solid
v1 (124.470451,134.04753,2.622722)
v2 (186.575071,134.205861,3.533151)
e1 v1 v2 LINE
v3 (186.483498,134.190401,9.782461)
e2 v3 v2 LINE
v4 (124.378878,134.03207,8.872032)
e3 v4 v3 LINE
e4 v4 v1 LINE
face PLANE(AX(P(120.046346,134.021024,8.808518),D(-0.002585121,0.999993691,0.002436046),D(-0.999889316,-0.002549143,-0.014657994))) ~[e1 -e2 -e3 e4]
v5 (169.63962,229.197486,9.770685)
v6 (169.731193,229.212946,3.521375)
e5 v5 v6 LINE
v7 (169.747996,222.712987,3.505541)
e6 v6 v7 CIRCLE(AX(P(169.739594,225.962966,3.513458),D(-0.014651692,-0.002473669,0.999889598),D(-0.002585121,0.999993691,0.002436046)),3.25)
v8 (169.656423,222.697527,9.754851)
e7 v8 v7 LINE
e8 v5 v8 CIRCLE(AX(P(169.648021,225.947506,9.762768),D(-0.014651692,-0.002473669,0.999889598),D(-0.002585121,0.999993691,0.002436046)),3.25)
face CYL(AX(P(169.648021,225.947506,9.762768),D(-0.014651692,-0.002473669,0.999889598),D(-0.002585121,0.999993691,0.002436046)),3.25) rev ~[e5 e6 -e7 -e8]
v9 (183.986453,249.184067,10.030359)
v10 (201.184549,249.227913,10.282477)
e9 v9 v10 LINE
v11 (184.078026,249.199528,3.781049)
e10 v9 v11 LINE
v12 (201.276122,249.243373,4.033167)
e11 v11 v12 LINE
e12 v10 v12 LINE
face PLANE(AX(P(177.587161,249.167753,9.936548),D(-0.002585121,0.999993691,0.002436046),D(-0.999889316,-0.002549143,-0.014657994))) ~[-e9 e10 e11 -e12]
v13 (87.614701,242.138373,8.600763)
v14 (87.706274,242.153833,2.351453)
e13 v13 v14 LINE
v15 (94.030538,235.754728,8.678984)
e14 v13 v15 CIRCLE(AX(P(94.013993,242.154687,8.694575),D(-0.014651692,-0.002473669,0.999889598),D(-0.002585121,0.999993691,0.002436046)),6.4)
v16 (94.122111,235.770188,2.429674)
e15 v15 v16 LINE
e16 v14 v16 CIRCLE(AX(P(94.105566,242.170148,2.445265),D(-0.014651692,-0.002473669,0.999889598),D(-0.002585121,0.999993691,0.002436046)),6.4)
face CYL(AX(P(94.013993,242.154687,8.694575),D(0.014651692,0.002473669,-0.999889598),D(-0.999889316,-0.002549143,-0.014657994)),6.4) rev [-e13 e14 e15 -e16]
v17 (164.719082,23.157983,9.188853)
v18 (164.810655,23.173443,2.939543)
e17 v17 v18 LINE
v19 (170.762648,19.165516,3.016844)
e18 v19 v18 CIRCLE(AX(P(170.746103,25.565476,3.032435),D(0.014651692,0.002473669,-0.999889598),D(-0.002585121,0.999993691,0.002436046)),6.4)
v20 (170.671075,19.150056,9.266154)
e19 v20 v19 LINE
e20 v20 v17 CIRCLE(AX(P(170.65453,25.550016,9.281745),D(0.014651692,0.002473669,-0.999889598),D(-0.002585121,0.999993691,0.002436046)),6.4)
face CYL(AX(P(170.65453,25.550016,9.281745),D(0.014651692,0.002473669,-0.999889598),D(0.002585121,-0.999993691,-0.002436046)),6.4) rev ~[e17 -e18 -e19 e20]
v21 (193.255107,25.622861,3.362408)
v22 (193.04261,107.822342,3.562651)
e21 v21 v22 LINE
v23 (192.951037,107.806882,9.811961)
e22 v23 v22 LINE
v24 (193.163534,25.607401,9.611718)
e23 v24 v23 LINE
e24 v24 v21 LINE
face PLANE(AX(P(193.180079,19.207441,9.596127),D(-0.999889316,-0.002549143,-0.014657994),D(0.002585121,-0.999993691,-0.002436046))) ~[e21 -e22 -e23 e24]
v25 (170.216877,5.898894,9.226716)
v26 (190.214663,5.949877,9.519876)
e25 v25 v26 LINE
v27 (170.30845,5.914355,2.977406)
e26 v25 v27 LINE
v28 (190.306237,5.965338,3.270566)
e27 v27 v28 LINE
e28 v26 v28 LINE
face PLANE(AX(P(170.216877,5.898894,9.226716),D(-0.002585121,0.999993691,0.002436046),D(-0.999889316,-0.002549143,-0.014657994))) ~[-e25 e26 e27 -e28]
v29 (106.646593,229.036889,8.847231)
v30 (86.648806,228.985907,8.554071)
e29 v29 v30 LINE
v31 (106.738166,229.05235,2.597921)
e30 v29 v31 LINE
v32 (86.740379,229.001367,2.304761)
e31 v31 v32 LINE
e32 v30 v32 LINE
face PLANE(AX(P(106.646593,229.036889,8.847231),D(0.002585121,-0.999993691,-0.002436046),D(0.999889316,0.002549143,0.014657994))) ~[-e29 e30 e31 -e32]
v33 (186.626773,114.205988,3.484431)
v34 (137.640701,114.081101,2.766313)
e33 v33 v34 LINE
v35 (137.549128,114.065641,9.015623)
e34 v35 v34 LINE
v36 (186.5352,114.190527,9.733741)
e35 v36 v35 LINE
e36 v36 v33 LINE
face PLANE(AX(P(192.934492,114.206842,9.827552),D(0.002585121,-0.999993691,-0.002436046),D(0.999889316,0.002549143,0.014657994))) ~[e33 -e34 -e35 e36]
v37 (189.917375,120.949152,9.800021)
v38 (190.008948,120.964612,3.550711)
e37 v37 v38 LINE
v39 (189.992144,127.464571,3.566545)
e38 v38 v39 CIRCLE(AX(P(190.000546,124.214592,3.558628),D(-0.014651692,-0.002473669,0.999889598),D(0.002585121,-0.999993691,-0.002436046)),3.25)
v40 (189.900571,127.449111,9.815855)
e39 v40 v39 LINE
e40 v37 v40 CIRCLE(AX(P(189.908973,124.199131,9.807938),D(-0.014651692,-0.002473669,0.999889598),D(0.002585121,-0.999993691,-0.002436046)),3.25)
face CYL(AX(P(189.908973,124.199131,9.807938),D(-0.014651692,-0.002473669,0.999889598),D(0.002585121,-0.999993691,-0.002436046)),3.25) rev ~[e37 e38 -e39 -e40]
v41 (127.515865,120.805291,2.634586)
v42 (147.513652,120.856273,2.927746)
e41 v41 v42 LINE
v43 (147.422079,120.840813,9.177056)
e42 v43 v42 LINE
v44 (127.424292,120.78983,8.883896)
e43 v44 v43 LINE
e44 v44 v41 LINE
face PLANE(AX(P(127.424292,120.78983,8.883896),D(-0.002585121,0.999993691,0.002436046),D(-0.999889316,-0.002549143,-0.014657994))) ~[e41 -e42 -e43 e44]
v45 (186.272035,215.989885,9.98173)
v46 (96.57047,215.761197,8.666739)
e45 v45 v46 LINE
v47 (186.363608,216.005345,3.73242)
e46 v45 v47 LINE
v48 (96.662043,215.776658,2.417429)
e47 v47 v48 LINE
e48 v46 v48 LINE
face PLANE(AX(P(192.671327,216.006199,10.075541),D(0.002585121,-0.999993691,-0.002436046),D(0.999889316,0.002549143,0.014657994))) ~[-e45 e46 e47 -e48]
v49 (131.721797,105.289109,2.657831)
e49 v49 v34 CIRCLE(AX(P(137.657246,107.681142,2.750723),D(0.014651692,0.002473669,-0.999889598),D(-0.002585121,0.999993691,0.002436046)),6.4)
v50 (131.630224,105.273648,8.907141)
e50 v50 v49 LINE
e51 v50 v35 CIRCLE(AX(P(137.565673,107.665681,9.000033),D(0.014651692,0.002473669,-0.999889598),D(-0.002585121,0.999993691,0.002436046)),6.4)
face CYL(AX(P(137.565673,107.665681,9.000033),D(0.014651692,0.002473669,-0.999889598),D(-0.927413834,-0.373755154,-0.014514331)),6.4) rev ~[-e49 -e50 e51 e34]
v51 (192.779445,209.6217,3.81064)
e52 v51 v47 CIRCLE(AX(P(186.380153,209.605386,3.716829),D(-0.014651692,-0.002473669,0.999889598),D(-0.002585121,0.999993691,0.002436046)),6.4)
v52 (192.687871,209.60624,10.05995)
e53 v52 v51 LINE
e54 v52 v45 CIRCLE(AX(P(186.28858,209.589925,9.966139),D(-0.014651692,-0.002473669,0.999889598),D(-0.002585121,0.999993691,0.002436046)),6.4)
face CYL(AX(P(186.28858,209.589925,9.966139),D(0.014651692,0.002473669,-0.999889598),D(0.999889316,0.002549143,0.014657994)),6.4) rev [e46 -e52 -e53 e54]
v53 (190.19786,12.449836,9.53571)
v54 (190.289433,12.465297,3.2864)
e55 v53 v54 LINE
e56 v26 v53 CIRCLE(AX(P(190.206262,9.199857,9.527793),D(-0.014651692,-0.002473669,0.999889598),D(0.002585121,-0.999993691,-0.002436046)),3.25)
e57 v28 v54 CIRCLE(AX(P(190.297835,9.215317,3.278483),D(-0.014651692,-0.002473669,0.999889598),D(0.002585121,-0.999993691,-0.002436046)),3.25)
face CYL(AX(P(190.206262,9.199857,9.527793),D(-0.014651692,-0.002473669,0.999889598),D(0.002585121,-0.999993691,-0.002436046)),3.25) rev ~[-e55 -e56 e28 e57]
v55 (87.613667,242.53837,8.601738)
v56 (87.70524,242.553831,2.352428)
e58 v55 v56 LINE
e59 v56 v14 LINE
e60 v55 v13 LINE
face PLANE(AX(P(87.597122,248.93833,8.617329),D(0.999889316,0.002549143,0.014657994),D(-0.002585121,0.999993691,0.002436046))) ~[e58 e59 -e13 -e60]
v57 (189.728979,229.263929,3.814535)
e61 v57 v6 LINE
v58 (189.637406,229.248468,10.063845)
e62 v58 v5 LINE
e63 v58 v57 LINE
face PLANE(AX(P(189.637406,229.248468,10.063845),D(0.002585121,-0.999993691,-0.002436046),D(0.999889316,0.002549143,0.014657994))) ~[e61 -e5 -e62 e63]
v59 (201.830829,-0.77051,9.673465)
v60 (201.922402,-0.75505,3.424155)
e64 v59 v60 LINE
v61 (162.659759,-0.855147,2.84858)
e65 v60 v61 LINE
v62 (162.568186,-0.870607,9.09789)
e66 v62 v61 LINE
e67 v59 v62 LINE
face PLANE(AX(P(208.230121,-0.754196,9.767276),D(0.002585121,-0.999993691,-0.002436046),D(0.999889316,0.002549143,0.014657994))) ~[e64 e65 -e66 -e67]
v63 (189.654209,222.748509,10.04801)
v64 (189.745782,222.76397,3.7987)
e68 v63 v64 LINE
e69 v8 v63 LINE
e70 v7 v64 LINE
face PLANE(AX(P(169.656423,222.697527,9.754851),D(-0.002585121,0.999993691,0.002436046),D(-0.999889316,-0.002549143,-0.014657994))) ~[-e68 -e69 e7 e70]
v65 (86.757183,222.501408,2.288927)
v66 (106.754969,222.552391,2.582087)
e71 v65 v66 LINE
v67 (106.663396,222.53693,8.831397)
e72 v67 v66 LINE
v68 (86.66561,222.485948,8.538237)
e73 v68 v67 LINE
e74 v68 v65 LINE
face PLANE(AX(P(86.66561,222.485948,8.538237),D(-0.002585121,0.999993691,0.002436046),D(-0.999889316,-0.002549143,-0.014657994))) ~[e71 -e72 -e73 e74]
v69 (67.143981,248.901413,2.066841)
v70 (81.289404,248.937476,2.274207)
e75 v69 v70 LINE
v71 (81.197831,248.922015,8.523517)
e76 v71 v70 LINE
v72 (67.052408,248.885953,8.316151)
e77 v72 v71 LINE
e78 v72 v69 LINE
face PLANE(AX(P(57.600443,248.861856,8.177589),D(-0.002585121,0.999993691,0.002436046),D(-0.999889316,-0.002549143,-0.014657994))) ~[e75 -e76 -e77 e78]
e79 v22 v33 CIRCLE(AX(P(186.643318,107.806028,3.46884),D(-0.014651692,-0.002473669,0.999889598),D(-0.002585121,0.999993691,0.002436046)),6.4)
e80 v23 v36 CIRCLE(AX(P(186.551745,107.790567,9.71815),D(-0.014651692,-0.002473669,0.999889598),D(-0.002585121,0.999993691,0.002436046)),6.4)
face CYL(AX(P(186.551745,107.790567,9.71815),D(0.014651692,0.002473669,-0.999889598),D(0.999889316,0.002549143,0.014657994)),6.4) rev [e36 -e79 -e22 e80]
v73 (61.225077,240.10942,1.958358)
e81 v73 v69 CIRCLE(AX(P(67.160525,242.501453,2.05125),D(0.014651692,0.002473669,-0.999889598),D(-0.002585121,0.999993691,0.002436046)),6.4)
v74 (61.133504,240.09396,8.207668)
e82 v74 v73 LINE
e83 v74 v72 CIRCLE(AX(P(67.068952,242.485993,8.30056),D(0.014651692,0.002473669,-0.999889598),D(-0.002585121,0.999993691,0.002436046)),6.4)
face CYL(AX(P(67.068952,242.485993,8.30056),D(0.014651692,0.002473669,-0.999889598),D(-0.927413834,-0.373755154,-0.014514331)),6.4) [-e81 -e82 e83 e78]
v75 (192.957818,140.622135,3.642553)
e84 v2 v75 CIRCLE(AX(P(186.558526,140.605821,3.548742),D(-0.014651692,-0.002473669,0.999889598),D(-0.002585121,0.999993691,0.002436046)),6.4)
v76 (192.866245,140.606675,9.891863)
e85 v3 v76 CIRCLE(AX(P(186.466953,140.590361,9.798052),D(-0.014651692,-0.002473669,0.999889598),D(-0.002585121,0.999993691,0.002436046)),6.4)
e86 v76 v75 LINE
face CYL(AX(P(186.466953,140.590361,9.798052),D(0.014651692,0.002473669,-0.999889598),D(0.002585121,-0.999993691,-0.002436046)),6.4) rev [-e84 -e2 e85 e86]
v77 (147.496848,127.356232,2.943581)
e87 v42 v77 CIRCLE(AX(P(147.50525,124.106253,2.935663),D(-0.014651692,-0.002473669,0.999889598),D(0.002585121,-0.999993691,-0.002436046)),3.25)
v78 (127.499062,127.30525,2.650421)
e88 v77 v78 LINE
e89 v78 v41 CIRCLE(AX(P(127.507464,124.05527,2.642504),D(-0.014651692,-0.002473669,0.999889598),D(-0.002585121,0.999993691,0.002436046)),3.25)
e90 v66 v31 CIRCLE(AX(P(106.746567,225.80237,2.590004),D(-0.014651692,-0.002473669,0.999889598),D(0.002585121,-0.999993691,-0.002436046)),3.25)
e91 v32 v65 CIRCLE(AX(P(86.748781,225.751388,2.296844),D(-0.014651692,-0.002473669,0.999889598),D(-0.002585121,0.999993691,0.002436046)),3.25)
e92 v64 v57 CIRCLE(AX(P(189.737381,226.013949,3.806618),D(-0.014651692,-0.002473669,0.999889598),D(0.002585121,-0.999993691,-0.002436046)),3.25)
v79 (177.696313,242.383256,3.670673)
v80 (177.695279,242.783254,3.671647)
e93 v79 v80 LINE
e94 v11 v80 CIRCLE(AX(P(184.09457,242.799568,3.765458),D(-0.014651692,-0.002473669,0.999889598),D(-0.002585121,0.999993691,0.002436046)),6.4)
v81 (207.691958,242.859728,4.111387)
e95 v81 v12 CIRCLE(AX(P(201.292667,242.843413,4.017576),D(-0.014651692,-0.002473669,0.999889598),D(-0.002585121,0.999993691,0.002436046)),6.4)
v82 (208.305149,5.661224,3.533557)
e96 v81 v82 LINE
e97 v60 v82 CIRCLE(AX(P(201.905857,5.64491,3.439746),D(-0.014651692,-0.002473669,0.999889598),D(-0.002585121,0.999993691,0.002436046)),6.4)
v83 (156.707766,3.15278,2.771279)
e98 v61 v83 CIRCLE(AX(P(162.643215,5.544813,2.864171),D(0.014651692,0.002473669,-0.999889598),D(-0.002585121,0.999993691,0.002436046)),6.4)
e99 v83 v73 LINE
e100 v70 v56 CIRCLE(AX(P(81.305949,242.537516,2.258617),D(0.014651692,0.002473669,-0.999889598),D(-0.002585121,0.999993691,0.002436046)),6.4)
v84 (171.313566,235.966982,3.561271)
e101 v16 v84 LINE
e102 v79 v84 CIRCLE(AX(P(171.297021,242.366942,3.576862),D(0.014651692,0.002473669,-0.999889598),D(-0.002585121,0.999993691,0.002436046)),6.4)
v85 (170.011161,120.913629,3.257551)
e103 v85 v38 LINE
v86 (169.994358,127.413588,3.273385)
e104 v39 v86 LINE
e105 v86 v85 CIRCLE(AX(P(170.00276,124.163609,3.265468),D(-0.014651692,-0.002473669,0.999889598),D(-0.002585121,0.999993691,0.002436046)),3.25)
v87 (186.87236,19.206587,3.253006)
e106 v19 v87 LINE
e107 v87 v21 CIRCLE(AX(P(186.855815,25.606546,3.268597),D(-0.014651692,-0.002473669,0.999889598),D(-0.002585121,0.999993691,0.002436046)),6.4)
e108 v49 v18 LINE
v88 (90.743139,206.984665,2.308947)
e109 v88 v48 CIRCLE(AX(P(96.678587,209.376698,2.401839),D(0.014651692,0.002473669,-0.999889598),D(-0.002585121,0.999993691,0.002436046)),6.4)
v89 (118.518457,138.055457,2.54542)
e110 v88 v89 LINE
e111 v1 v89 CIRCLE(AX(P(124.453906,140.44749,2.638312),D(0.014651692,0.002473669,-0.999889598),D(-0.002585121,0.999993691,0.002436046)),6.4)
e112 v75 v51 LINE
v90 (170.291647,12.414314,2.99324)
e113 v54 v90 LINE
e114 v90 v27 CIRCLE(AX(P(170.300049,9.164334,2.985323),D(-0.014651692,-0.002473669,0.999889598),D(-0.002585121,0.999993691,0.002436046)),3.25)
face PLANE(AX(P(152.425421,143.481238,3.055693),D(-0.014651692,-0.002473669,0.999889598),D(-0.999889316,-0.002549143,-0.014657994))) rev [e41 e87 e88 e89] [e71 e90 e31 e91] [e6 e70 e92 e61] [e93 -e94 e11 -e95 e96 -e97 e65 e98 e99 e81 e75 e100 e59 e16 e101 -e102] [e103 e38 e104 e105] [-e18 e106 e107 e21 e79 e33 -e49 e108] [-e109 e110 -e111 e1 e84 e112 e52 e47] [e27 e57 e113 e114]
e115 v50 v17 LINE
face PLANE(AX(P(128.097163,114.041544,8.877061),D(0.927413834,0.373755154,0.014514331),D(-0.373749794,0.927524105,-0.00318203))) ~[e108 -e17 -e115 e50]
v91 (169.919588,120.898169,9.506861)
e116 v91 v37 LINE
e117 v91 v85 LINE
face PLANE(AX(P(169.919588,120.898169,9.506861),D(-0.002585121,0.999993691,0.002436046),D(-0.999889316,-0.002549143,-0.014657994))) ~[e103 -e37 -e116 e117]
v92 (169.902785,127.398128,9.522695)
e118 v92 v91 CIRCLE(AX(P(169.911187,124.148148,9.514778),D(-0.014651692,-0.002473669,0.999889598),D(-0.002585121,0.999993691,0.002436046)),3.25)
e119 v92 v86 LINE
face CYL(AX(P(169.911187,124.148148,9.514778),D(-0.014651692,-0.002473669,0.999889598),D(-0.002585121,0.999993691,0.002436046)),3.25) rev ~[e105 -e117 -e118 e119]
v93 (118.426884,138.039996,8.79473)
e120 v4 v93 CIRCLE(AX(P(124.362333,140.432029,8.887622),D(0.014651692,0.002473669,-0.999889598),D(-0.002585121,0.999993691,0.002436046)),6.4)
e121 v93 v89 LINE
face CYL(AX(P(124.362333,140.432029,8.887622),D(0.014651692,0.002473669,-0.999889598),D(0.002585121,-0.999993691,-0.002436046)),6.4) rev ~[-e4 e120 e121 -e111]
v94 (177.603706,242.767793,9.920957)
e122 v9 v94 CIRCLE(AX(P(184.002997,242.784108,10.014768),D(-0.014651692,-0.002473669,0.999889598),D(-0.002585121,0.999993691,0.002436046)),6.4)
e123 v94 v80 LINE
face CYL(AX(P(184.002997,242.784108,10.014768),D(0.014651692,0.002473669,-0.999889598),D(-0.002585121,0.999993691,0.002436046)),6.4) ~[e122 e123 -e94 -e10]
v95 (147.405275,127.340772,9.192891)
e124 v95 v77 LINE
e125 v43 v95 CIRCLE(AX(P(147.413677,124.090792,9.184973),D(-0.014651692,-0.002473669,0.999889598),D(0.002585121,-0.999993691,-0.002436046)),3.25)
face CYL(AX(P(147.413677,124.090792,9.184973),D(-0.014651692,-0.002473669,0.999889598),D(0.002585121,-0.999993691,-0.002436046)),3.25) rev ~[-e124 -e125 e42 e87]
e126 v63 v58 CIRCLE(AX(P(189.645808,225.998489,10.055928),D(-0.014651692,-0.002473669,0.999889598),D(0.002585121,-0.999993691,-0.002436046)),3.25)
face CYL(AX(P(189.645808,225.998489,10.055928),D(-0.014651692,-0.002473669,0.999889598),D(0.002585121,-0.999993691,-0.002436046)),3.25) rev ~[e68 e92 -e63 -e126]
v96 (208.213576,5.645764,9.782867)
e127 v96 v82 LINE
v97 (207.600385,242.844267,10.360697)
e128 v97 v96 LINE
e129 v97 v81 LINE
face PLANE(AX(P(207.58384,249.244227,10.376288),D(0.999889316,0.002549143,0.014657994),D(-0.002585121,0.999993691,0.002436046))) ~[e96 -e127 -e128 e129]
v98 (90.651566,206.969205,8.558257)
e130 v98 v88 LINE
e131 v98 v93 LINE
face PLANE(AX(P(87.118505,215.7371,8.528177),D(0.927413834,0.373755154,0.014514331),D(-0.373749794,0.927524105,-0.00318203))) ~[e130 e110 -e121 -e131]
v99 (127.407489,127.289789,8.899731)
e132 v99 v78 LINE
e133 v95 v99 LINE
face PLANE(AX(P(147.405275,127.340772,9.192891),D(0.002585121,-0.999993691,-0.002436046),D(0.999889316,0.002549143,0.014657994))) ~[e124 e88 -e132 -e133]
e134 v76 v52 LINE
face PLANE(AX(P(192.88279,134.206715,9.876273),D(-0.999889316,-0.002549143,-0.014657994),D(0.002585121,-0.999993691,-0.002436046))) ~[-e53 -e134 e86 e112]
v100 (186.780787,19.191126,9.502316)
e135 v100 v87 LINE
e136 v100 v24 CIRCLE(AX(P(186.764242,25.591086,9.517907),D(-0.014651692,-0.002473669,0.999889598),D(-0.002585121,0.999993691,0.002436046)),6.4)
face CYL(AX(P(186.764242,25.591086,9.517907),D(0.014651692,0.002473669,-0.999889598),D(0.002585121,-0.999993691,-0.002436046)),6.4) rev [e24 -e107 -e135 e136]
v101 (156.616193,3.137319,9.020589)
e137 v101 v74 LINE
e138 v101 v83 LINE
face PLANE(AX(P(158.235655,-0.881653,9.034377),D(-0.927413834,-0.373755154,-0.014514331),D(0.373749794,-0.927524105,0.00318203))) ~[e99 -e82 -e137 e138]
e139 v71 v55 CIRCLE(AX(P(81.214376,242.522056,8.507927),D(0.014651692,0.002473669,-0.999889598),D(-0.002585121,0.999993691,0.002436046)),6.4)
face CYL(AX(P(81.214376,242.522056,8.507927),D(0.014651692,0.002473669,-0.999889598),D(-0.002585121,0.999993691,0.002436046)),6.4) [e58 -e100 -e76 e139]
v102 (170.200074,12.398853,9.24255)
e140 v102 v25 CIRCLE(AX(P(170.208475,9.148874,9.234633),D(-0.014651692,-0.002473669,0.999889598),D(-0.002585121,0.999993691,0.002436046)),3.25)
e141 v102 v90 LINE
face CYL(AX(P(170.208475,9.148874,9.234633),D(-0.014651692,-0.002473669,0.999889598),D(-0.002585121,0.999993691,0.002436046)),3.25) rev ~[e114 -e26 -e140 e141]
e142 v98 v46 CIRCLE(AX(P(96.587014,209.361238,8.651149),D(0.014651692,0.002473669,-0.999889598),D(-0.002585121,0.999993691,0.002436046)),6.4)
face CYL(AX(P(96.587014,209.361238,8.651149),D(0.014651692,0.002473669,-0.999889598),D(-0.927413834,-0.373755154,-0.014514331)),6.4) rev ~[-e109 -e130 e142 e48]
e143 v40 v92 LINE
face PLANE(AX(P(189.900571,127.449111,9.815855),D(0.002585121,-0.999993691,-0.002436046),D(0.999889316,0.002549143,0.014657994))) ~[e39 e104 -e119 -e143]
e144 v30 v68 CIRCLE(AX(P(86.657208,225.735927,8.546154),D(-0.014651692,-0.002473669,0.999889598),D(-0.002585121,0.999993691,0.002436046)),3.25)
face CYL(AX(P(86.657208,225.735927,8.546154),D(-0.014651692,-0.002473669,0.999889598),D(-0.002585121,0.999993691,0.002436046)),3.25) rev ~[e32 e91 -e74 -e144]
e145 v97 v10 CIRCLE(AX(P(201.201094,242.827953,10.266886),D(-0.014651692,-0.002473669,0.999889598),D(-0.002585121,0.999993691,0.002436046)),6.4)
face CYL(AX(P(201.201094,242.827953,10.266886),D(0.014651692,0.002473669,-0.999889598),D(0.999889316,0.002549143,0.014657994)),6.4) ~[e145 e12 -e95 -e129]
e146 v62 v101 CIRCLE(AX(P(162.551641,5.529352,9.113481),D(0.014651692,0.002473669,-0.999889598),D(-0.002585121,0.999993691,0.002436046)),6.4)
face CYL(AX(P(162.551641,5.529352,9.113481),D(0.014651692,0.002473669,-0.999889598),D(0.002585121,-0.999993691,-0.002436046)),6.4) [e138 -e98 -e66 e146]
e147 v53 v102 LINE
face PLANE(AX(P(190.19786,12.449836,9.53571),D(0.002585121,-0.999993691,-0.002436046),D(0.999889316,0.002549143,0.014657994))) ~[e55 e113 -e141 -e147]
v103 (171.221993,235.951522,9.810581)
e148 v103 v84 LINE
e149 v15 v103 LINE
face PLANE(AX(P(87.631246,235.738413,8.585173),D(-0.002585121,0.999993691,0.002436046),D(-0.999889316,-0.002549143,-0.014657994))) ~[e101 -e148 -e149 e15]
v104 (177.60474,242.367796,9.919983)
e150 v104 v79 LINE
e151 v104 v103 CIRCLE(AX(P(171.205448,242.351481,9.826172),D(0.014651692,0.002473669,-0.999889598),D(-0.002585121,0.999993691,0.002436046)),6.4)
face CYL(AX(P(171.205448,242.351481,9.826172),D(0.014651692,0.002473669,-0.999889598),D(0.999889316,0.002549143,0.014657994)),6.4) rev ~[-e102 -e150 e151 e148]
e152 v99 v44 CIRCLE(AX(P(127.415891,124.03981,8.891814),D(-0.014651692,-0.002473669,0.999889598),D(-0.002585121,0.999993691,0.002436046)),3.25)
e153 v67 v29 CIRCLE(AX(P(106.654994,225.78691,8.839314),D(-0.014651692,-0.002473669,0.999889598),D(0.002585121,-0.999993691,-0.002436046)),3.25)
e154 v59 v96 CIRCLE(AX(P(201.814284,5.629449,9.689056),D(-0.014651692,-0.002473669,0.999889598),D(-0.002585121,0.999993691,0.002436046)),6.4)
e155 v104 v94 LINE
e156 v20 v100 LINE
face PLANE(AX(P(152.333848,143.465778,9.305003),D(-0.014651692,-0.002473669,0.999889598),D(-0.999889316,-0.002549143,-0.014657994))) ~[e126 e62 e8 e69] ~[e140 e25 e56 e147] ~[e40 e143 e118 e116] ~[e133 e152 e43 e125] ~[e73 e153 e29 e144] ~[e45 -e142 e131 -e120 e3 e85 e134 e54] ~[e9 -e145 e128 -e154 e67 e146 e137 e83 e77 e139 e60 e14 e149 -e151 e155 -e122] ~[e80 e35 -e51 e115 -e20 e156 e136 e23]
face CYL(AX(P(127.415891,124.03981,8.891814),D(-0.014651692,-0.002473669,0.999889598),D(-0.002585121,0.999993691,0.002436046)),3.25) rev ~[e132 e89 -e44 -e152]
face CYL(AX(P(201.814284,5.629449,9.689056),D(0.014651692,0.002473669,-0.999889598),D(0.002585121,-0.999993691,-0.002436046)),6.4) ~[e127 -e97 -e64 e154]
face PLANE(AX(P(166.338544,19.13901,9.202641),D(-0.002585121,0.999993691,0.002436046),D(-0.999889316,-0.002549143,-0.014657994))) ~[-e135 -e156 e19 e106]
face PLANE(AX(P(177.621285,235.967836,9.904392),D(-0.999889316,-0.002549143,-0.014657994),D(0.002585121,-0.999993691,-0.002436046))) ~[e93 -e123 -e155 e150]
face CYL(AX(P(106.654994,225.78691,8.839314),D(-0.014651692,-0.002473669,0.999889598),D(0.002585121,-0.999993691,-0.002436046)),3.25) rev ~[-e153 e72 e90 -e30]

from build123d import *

# Parameters (mm, degrees)
PAD_DEPTH              = 6.25
FILLET_R               = 6.4
MIRROR_ROLL_ANGLE      = -179.860361
MIRROR_PITCH_ANGLE     = 0.86933
MIRROR_PLACEMENT_ANGLE = 0.335531


with BuildPart() as body:
    # Sketch → Pad (new body)
    with BuildSketch(Plane.XY):
        Polygon((0, 250), (50, 250), (150, 0), (120, 0), (120, 13.2), (30, 13.2), (30, 0), (0, 0), align=None)
        Polygon((15, 230), (15, 135), (79.844506, 135), (41.844506, 230), align=None, mode=Mode.SUBTRACT)
        Polygon((15, 115), (15, 33.2), (120.564506, 33.2), (87.844506, 115), align=None, mode=Mode.SUBTRACT)
        with BuildLine():
            ThreePointArc((18, 243.25), (14.75, 240), (18, 236.75))
            Line((18, 236.75), (38, 236.75))
            ThreePointArc((38, 236.75), (41.25, 240), (38, 243.25))
            Line((38, 243.25), (18, 243.25))
        make_face(mode=Mode.SUBTRACT)
        with BuildLine():
            ThreePointArc((60.5, 128.25), (57.25, 125), (60.5, 121.75))
            Line((60.5, 121.75), (80.5, 121.75))
            ThreePointArc((80.5, 121.75), (83.75, 125), (80.5, 128.25))
            Line((80.5, 128.25), (60.5, 128.25))
        make_face(mode=Mode.SUBTRACT)
        with BuildLine():
            ThreePointArc((18, 128.25), (14.75, 125), (18, 121.75))
            Line((18, 121.75), (38, 121.75))
            ThreePointArc((38, 121.75), (41.25, 125), (38, 128.25))
            Line((38, 128.25), (18, 128.25))
        make_face(mode=Mode.SUBTRACT)
        with BuildLine():
            ThreePointArc((18, 26.45), (14.75, 23.2), (18, 19.95))
            Line((18, 19.95), (38, 19.95))
            ThreePointArc((38, 19.95), (41.25, 23.2), (38, 26.45))
            Line((38, 26.45), (18, 26.45))
        make_face(mode=Mode.SUBTRACT)
        with BuildLine():
            ThreePointArc((101, 26.45), (97.75, 23.2), (101, 19.95))
            Line((101, 19.95), (121, 19.95))
            ThreePointArc((121, 19.95), (124.25, 23.2), (121, 26.45))
            Line((121, 26.45), (101, 26.45))
        make_face(mode=Mode.SUBTRACT)
    extrude(amount=PAD_DEPTH)

    # Fillet
    fillet_edges = [body.edges().sort_by_distance(p)[0] for p in [
        (0, 0, 3.125),
        (50, 250, 3.125),
        (0, 250, 3.125),
        (150, 0, 3.125),
        (120, 0, 3.125),
        (30, 0, 3.125),
        (41.844506, 230, 3.125),
        (15, 230, 3.125),
        (87.844506, 115, 3.125),
        (15, 115, 3.125),
        (15, 135, 3.125),
        (15, 33.2, 3.125),
        (120.564506, 33.2, 3.125),
        (79.844506, 135, 3.125),
        (30, 13.2, 3.125),
        (120, 13.2, 3.125),
    ]]
    fillet(fillet_edges, radius=FILLET_R)


with BuildPart() as model_body_mirrored:
    # mirror: instance of Body
    add(body.part.mirror(Plane(origin=(159.181488, 124.226166, 5.790833), x_dir=(-0.001618, 0.999999, 0), z_dir=(-0.999887, -0.001617, 0.014919))))


with BuildPart() as model_body_mirrored_1:
    # mirror roll: moved
    add(model_body_mirrored.part.rotate(Axis((0, 0, 0), (1, 0, 0)), MIRROR_ROLL_ANGLE))


with BuildPart() as model_body_mirrored_2:
    # mirror pitch: moved
    add(model_body_mirrored_1.part.rotate(Axis((0, 0, 0), (0, 1, 0)), MIRROR_PITCH_ANGLE))


with BuildPart() as model_body_mirrored_3:
    # mirror placement: moved
    add(model_body_mirrored_2.part.moved(Location((-110.969424, 247.905415, 10.458181))).rotate(Axis((-110.969424, 247.905415, 10.458181), (0, 0, 1)), MIRROR_PLACEMENT_ANGLE))


solid = model_body_mirrored_3.part
